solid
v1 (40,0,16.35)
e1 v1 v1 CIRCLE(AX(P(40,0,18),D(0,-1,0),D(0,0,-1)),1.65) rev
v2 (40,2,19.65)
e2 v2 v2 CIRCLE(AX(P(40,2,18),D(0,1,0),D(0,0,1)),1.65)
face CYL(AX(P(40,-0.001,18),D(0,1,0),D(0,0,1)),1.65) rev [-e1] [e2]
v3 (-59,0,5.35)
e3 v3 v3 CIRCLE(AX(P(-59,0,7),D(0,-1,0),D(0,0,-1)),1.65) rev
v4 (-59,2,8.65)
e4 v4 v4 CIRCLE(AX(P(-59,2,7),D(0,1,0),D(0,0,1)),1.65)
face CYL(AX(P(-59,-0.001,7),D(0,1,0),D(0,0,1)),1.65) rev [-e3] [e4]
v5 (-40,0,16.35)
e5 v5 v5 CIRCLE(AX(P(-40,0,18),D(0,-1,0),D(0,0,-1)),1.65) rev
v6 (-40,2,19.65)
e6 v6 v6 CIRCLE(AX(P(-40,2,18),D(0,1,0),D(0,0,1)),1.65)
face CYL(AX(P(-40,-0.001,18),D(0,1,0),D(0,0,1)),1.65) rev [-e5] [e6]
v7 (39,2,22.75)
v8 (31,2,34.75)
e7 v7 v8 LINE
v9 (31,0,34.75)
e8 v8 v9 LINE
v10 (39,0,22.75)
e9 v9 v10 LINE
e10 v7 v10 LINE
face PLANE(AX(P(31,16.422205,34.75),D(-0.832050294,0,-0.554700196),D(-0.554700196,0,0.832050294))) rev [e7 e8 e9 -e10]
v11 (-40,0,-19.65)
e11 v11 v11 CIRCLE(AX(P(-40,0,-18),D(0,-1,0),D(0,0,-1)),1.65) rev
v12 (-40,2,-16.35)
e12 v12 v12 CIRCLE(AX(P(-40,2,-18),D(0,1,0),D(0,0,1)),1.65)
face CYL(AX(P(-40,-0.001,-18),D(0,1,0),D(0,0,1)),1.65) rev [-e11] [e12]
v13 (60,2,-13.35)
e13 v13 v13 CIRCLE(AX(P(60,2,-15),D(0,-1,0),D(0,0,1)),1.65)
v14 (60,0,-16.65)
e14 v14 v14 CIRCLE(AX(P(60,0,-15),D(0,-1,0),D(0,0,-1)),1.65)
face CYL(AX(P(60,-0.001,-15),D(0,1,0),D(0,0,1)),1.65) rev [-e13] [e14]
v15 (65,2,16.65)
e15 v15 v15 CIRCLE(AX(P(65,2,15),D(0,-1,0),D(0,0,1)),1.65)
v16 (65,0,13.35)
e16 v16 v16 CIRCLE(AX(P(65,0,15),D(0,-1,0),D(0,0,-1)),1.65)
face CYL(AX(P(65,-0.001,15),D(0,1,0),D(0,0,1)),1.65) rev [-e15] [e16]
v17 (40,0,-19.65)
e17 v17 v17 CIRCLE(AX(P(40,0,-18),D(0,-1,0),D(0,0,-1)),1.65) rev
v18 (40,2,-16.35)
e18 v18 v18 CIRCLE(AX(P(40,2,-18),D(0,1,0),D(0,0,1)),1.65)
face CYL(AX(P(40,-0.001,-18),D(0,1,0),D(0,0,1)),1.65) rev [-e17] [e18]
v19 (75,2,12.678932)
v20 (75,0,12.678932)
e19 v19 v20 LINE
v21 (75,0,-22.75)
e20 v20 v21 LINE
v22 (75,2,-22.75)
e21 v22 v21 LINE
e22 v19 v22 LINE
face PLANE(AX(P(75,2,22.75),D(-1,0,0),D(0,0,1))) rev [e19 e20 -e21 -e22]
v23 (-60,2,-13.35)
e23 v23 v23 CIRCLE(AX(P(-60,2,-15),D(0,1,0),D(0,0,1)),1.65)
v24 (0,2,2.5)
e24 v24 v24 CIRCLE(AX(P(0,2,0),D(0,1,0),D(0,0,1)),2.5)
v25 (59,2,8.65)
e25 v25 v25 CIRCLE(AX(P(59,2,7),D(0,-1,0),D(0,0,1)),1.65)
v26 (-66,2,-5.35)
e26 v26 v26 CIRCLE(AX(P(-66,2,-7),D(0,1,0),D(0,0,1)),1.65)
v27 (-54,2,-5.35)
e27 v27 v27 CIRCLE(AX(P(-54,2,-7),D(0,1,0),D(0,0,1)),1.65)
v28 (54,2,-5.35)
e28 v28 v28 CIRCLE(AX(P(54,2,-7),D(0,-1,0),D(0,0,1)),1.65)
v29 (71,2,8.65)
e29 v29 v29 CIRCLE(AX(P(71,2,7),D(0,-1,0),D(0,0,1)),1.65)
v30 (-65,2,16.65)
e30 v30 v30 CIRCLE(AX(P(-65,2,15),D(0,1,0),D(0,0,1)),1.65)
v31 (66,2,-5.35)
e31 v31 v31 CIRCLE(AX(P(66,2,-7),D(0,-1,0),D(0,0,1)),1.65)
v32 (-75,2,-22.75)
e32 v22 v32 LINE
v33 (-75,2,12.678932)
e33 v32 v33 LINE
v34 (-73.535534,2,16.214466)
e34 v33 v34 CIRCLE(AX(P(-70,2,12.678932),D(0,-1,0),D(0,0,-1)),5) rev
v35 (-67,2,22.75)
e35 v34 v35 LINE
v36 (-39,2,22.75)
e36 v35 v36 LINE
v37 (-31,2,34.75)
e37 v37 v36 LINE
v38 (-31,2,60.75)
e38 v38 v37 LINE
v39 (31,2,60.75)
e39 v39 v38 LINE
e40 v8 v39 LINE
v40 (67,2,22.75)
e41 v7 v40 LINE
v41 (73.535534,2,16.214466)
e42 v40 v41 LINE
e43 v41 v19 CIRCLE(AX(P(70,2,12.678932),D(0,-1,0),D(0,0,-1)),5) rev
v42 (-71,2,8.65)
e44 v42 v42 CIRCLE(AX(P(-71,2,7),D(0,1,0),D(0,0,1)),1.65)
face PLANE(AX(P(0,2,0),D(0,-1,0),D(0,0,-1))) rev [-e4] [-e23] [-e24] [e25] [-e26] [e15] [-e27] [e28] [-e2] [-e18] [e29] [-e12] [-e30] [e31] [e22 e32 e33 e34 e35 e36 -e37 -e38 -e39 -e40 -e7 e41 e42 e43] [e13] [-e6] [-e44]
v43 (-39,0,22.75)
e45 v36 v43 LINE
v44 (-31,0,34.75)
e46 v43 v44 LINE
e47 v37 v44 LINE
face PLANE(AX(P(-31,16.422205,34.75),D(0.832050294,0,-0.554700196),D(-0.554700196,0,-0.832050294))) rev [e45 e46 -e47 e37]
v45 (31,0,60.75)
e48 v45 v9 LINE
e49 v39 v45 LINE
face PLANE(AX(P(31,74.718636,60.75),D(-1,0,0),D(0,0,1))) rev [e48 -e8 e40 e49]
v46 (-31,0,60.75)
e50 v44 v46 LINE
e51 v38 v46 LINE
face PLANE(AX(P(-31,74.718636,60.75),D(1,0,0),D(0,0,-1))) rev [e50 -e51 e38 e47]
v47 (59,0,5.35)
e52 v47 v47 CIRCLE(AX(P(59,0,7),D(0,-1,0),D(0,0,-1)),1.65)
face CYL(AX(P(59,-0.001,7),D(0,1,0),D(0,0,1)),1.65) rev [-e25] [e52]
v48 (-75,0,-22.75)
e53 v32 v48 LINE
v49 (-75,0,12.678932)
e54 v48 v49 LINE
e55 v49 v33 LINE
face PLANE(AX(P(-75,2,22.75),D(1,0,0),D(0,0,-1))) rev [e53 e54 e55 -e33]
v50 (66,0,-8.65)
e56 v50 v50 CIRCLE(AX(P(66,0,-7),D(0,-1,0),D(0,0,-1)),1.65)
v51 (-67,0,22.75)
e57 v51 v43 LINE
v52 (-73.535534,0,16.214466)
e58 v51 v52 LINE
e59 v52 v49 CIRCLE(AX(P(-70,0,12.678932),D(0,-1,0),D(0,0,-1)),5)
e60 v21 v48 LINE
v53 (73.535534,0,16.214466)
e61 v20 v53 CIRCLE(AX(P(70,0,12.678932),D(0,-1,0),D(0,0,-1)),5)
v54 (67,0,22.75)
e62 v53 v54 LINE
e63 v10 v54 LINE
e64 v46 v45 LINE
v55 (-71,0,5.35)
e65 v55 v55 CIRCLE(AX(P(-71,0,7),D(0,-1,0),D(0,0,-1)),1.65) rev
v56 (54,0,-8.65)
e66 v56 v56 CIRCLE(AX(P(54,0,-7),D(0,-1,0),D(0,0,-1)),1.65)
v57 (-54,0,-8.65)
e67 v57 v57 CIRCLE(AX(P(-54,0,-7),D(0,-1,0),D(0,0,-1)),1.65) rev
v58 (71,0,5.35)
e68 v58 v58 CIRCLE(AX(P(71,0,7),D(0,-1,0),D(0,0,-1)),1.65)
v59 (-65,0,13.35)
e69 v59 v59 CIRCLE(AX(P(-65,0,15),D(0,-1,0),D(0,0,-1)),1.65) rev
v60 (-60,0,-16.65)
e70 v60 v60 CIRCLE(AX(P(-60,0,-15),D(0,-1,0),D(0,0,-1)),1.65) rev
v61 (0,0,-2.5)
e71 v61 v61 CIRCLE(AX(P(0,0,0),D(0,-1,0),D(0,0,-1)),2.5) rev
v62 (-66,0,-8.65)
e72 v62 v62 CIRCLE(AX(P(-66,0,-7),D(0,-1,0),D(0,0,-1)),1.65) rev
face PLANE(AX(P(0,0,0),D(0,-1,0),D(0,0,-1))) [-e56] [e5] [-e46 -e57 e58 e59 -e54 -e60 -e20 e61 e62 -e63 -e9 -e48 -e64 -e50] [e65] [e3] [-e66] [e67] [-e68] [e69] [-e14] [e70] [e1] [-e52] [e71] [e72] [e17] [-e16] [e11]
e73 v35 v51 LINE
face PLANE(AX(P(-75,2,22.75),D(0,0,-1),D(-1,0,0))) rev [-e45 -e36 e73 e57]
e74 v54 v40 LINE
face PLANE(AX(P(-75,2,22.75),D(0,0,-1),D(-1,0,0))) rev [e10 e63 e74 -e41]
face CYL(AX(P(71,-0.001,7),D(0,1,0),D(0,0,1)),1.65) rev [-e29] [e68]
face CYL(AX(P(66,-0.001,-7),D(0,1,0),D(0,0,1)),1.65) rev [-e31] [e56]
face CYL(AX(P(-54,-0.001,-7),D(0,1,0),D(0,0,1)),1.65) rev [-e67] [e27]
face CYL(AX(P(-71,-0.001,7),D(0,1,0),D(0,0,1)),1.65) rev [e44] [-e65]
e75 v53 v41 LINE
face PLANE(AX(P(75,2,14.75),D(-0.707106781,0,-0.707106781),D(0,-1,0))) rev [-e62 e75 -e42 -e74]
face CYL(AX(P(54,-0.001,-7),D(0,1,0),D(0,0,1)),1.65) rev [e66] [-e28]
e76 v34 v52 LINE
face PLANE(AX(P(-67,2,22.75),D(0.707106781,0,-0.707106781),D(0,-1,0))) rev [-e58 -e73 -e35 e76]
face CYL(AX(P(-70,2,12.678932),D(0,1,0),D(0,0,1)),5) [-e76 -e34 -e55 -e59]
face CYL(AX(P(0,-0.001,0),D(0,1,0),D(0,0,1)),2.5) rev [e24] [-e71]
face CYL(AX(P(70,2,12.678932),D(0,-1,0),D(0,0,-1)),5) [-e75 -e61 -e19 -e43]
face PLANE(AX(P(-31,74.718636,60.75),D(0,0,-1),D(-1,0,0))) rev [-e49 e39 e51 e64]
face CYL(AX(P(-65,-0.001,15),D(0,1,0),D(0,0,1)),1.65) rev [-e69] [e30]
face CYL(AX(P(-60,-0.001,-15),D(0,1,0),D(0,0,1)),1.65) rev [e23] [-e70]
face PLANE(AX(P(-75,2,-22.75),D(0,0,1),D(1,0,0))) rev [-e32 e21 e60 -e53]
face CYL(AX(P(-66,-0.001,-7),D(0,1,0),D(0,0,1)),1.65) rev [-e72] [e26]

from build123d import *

# Parameters (mm, degrees)
SKETCH_1_W             = 150
SKETCH_1_H             = 45.5
EXTRUDE_1_DEPTH        = 2
CUT_EXTRUDE_1_REACH    = 80.4
SKETCH_2_R             = 1.65
CHAMFER_1_SIZE         = 8
CUT_EXTRUDE_1139_REACH = 80.4
SKETCH_3_R             = 2.5
CUT_EXTRUDE_2_REACH    = 80.4
SKETCH_4_R             = 1.65
FILLET_1_R             = 5
SKETCH_5_W             = 62
SKETCH_5_H             = 38
EXTRUDE_2_DEPTH        = 2
EXTRUDE_3_DEPTH        = 2


with BuildPart() as part:
    # 草图1 → 凸台-拉伸1 (new body)
    with BuildSketch(Plane(origin=(0, 0, 0), x_dir=(1, 0, 0), z_dir=(0, 1, 0))):
        Rectangle(SKETCH_1_W, SKETCH_1_H)
    extrude(amount=EXTRUDE_1_DEPTH)

    # 草图2 → 切除-拉伸1 (cut, up to next)
    with BuildSketch(Plane(origin=(0, 2, 0), x_dir=(1, 0, 0), z_dir=(0, 1, 0)), mode=Mode.PRIVATE) as cut_extrude_1_sk1:
        with Locations(Location((-60, 15, 0), (0, 0, 270))):
            Circle(SKETCH_2_R)
    cut_extrude_1_tool1 = extrude(cut_extrude_1_sk1.sketch, amount=-CUT_EXTRUDE_1_REACH, mode=Mode.PRIVATE) & part.part
    # 草图2 → 切除-拉伸1 (cut, up to next)
    with BuildSketch(Plane(origin=(0, 2, 0), x_dir=(1, 0, 0), z_dir=(0, 1, 0)), mode=Mode.PRIVATE) as cut_extrude_1_sk2:
        with Locations(Location((-66, 7, 0), (0, 0, 270))):
            Circle(SKETCH_2_R)
    cut_extrude_1_tool2 = extrude(cut_extrude_1_sk2.sketch, amount=-CUT_EXTRUDE_1_REACH, mode=Mode.PRIVATE) & part.part
    # 草图2 → 切除-拉伸1 (cut, up to next)
    with BuildSketch(Plane(origin=(0, 2, 0), x_dir=(1, 0, 0), z_dir=(0, 1, 0)), mode=Mode.PRIVATE) as cut_extrude_1_sk3:
        with Locations(Location((-54, 7, 0), (0, 0, 270))):
            Circle(SKETCH_2_R)
    cut_extrude_1_tool3 = extrude(cut_extrude_1_sk3.sketch, amount=-CUT_EXTRUDE_1_REACH, mode=Mode.PRIVATE) & part.part
    # 草图2 → 切除-拉伸1 (cut, up to next)
    with BuildSketch(Plane(origin=(0, 2, 0), x_dir=(1, 0, 0), z_dir=(0, 1, 0)), mode=Mode.PRIVATE) as cut_extrude_1_sk4:
        with Locations(Location((-71, -7, 0), (0, 0, 270))):
            Circle(SKETCH_2_R)
    cut_extrude_1_tool4 = extrude(cut_extrude_1_sk4.sketch, amount=-CUT_EXTRUDE_1_REACH, mode=Mode.PRIVATE) & part.part
    # 草图2 → 切除-拉伸1 (cut, up to next)
    with BuildSketch(Plane(origin=(0, 2, 0), x_dir=(1, 0, 0), z_dir=(0, 1, 0)), mode=Mode.PRIVATE) as cut_extrude_1_sk5:
        with Locations(Location((-59, -7, 0), (0, 0, 270))):
            Circle(SKETCH_2_R)
    cut_extrude_1_tool5 = extrude(cut_extrude_1_sk5.sketch, amount=-CUT_EXTRUDE_1_REACH, mode=Mode.PRIVATE) & part.part
    # 草图2 → 切除-拉伸1 (cut, up to next)
    with BuildSketch(Plane(origin=(0, 2, 0), x_dir=(1, 0, 0), z_dir=(0, 1, 0)), mode=Mode.PRIVATE) as cut_extrude_1_sk6:
        with Locations(Location((-65, -15, 0), (0, 0, 270))):
            Circle(SKETCH_2_R)
    cut_extrude_1_tool6 = extrude(cut_extrude_1_sk6.sketch, amount=-CUT_EXTRUDE_1_REACH, mode=Mode.PRIVATE) & part.part
    cut_extrude_1_1 = cut_extrude_1_tool1.solids().sort_by_distance((-60, 2, -15))[0]
    add(cut_extrude_1_1, mode=Mode.SUBTRACT)
    cut_extrude_1_2 = cut_extrude_1_tool2.solids().sort_by_distance((-66, 2, -7))[0]
    add(cut_extrude_1_2, mode=Mode.SUBTRACT)
    cut_extrude_1_3 = cut_extrude_1_tool3.solids().sort_by_distance((-54, 2, -7))[0]
    add(cut_extrude_1_3, mode=Mode.SUBTRACT)
    cut_extrude_1_4 = cut_extrude_1_tool4.solids().sort_by_distance((-71, 2, 7))[0]
    add(cut_extrude_1_4, mode=Mode.SUBTRACT)
    cut_extrude_1_5 = cut_extrude_1_tool5.solids().sort_by_distance((-59, 2, 7))[0]
    add(cut_extrude_1_5, mode=Mode.SUBTRACT)
    cut_extrude_1_6 = cut_extrude_1_tool6.solids().sort_by_distance((-65, 2, 15))[0]
    add(cut_extrude_1_6, mode=Mode.SUBTRACT)
    cut_extrude_1 = cut_extrude_1_1 + cut_extrude_1_2 + cut_extrude_1_3 + cut_extrude_1_4 + cut_extrude_1_5 + cut_extrude_1_6  # 切除-拉伸1 as one shape, for the pattern or mirror that repeats it

    # 镜向1: 切除-拉伸1 across plane
    add(cut_extrude_1.mirror(Plane(origin=(0, 0, 0), x_dir=(0, 0, 1), z_dir=(1, 0, 0))), mode=Mode.SUBTRACT)

    # 倒角1
    chamfer_1_edges = [part.edges().sort_by_distance(p)[0] for p in [
        (75, 1, 22.75),
        (-75, 1, 22.75),
    ]]
    chamfer(chamfer_1_edges, length=CHAMFER_1_SIZE)

    # 草图3 → Cut-Extrude 1139 (cut, up to next)
    with BuildSketch(Plane(origin=(0, 2, 0), x_dir=(1, 0, 0), z_dir=(0, 1, 0)), mode=Mode.PRIVATE) as cut_extrude_1139_sk1:
        with Locations(Location((0, 0, 0), (0, 0, 270))):
            Circle(SKETCH_3_R)
    cut_extrude_1139_tool1 = extrude(cut_extrude_1139_sk1.sketch, amount=-CUT_EXTRUDE_1139_REACH, mode=Mode.PRIVATE) & part.part
    add(cut_extrude_1139_tool1.solids().sort_by_distance((0, 2, 0))[0], mode=Mode.SUBTRACT)

    # 草图4 → 切除-拉伸2 (cut, up to next)
    with BuildSketch(Plane(origin=(0, 2, 0), x_dir=(1, 0, 0), z_dir=(0, 1, 0)), mode=Mode.PRIVATE) as cut_extrude_2_sk1:
        with Locations(Location((-40, 18, 0), (0, 0, 270))):
            Circle(SKETCH_4_R)
    cut_extrude_2_tool1 = extrude(cut_extrude_2_sk1.sketch, amount=-CUT_EXTRUDE_2_REACH, mode=Mode.PRIVATE) & part.part
    # 草图4 → 切除-拉伸2 (cut, up to next)
    with BuildSketch(Plane(origin=(0, 2, 0), x_dir=(1, 0, 0), z_dir=(0, 1, 0)), mode=Mode.PRIVATE) as cut_extrude_2_sk2:
        with Locations(Location((-40, -18, 0), (0, 0, 270))):
            Circle(SKETCH_4_R)
    cut_extrude_2_tool2 = extrude(cut_extrude_2_sk2.sketch, amount=-CUT_EXTRUDE_2_REACH, mode=Mode.PRIVATE) & part.part
    # 草图4 → 切除-拉伸2 (cut, up to next)
    with BuildSketch(Plane(origin=(0, 2, 0), x_dir=(1, 0, 0), z_dir=(0, 1, 0)), mode=Mode.PRIVATE) as cut_extrude_2_sk3:
        with Locations(Location((40, 18, 0), (0, 0, 270))):
            Circle(SKETCH_4_R)
    cut_extrude_2_tool3 = extrude(cut_extrude_2_sk3.sketch, amount=-CUT_EXTRUDE_2_REACH, mode=Mode.PRIVATE) & part.part
    # 草图4 → 切除-拉伸2 (cut, up to next)
    with BuildSketch(Plane(origin=(0, 2, 0), x_dir=(1, 0, 0), z_dir=(0, 1, 0)), mode=Mode.PRIVATE) as cut_extrude_2_sk4:
        with Locations(Location((40, -18, 0), (0, 0, 270))):
            Circle(SKETCH_4_R)
    cut_extrude_2_tool4 = extrude(cut_extrude_2_sk4.sketch, amount=-CUT_EXTRUDE_2_REACH, mode=Mode.PRIVATE) & part.part
    add(cut_extrude_2_tool1.solids().sort_by_distance((-40, 2, -18))[0], mode=Mode.SUBTRACT)
    add(cut_extrude_2_tool2.solids().sort_by_distance((-40, 2, 18))[0], mode=Mode.SUBTRACT)
    add(cut_extrude_2_tool3.solids().sort_by_distance((40, 2, -18))[0], mode=Mode.SUBTRACT)
    add(cut_extrude_2_tool4.solids().sort_by_distance((40, 2, 18))[0], mode=Mode.SUBTRACT)

    # 圆角1
    fillet_1_edges = [part.edges().sort_by_distance(p)[0] for p in [
        (75, 1, 14.75),
        (-75, 1, 14.75),
    ]]
    fillet(fillet_1_edges, radius=FILLET_1_R)

    # 草图5 → 凸台-拉伸2 (add)
    with BuildSketch(Plane(origin=(0, 0, 0), x_dir=(1, 0, 0), z_dir=(0, 1, 0))):
        with Locations((0, -41.75)):
            Rectangle(SKETCH_5_W, SKETCH_5_H)
    extrude(amount=EXTRUDE_2_DEPTH)

    # 草图6 → 凸台-拉伸3 (add)
    with BuildSketch(Plane(origin=(0, 0, 0), x_dir=(1, 0, 0), z_dir=(0, 1, 0))):
        Polygon((-31, -22.75), (-31, -34.75), (-39, -22.75), align=None)
        Polygon((31, -22.75), (31, -34.75), (39, -22.75), align=None)
    extrude(amount=EXTRUDE_3_DEPTH)


solid = part.part
